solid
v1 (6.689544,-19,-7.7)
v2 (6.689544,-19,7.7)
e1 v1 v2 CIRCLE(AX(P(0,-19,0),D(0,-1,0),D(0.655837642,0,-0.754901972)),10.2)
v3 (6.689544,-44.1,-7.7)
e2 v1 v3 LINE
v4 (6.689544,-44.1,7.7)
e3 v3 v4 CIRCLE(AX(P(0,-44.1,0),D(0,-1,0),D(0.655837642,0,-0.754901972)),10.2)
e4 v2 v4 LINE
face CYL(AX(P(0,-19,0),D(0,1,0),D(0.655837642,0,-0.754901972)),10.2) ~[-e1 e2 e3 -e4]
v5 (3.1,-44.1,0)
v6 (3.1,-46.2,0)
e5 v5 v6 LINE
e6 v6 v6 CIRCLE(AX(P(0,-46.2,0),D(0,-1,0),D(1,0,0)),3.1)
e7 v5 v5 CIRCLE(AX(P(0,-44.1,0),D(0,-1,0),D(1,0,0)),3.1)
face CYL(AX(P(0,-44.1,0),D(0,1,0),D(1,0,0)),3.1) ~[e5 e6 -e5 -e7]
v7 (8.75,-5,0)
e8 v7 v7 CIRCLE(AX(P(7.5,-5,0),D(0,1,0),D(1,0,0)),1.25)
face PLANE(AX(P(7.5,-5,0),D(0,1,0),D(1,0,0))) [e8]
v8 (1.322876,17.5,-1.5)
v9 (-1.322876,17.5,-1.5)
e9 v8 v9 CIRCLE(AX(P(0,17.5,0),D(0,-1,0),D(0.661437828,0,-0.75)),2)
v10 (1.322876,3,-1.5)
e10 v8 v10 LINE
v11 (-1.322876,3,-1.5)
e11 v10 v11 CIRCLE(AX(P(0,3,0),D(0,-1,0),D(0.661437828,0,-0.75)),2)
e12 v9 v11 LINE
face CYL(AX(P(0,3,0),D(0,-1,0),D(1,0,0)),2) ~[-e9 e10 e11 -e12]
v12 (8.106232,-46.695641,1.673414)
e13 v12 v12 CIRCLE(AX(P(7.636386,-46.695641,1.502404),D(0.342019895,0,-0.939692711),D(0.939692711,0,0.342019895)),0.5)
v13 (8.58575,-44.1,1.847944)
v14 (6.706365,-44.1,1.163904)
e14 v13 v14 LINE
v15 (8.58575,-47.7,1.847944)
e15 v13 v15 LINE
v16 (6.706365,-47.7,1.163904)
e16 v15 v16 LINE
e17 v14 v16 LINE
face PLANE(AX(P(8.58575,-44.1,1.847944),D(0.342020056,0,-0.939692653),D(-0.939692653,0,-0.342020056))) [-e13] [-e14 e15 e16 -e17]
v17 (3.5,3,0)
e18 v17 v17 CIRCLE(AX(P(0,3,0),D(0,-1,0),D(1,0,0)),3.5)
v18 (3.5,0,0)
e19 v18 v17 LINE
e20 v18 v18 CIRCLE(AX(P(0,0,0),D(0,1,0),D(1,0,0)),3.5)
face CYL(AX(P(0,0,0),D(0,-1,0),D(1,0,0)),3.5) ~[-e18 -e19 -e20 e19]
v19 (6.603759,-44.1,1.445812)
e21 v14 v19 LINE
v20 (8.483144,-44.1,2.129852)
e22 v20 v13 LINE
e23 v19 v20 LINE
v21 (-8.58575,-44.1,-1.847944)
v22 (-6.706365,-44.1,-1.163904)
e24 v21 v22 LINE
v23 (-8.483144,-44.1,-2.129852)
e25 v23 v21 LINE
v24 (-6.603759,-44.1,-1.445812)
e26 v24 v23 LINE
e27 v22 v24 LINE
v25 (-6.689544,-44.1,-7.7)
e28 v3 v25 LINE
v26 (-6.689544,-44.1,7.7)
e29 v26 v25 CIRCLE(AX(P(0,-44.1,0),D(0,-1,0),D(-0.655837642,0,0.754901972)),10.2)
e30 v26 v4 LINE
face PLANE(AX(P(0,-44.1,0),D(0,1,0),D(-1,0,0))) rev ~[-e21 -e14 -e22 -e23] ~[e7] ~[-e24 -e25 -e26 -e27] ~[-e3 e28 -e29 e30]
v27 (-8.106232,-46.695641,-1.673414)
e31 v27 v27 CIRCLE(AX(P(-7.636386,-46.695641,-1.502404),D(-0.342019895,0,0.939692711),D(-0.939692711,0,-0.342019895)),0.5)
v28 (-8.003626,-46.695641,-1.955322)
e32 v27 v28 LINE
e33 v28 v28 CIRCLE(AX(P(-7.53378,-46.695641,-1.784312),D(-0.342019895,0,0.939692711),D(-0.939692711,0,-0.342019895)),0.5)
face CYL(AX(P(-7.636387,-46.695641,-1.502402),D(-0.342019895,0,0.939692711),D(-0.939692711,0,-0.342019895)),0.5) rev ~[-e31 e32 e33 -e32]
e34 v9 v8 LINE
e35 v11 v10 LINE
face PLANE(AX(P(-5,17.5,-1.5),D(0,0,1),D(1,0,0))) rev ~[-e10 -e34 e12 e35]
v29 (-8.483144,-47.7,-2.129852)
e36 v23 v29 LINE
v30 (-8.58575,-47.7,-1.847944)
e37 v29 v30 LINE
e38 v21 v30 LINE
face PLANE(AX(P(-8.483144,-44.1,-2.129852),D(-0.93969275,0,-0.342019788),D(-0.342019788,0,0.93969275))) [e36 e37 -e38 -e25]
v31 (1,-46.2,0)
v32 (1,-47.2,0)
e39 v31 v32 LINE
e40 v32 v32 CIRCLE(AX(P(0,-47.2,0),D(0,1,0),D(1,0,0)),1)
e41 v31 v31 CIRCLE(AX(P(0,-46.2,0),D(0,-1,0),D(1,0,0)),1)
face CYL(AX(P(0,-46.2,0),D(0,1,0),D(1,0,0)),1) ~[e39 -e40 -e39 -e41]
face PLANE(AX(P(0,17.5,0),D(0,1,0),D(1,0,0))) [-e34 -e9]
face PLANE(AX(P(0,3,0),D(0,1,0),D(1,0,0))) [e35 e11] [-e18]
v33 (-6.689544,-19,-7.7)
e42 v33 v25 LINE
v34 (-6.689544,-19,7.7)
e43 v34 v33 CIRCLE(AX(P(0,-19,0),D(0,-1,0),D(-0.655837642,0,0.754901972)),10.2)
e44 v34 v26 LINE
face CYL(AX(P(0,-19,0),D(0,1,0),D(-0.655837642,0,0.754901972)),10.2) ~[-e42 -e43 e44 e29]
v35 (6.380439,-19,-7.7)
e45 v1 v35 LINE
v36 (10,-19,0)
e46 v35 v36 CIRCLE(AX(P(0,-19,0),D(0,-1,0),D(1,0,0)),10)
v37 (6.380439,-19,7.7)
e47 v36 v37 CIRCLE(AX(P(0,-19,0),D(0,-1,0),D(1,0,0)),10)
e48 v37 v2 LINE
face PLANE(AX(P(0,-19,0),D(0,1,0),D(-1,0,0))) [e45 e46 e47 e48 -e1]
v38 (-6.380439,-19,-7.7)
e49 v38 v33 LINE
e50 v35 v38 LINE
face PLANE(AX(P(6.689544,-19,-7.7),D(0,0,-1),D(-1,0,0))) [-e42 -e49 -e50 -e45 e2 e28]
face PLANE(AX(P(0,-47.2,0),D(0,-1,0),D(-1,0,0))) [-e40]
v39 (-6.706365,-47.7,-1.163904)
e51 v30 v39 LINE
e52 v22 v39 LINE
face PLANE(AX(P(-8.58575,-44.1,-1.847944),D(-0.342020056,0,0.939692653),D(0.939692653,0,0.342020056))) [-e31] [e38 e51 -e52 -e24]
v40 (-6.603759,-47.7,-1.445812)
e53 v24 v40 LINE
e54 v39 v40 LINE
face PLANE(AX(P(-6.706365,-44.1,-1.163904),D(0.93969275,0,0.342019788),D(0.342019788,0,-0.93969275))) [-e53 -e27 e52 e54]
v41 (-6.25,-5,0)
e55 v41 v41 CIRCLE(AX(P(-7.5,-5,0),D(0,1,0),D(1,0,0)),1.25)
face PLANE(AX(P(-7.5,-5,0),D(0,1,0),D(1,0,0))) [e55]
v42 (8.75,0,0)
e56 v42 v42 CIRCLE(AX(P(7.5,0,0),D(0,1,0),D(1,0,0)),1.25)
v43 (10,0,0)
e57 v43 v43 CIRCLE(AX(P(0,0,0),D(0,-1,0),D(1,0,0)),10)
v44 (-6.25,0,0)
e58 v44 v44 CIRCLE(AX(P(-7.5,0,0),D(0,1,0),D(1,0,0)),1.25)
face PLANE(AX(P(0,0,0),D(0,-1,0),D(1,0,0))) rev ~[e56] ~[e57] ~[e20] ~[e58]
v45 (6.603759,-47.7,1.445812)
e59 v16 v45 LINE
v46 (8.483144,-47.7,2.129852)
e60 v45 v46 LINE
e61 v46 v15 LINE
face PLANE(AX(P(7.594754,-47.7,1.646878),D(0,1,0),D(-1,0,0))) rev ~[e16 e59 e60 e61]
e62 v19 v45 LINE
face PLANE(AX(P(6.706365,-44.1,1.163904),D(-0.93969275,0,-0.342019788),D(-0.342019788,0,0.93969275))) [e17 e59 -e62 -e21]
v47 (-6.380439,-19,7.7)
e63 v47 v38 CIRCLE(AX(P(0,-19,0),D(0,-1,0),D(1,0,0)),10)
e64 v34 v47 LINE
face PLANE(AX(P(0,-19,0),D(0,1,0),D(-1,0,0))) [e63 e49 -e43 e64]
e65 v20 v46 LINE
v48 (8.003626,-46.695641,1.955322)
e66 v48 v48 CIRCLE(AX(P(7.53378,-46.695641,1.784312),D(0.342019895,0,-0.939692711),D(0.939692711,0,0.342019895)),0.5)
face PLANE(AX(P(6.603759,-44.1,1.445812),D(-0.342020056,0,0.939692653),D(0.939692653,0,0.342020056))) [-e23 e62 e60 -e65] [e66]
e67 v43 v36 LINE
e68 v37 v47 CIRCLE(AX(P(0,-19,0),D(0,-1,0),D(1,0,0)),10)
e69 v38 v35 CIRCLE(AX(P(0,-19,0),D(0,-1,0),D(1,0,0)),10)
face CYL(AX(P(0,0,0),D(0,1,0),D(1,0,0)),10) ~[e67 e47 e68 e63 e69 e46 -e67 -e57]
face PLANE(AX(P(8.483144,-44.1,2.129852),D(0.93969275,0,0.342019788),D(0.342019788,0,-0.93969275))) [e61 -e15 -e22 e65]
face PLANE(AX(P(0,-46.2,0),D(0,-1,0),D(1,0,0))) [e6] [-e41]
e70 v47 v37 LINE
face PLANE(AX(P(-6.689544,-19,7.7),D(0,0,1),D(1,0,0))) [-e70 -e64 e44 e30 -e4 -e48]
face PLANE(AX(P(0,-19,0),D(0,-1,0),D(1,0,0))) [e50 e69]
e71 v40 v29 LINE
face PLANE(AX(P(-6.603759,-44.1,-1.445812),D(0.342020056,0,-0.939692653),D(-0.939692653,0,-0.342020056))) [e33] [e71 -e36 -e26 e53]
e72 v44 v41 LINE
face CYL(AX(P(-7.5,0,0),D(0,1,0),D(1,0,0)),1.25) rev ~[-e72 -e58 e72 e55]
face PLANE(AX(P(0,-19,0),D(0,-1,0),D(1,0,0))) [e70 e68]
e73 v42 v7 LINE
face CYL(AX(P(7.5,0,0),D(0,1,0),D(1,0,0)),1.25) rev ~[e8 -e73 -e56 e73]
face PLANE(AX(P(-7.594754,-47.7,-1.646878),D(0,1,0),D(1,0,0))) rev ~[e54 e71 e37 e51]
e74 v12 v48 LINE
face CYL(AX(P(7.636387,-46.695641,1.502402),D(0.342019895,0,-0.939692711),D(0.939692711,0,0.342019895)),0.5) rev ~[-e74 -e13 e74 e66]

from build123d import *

# Parameters (mm, degrees)
SKETCH_R                 = 10
PAD_DEPTH                = 19
SKETCH001_R              = 3.5
PAD001_DEPTH             = 3
SKETCH002_R              = 2
PAD002_DEPTH             = 14.5
SKETCH003_W              = 10
SKETCH003_H              = 5
POCKET_DEPTH             = 14.5
PAD003_DEPTH             = 25.1
SKETCH005_R              = 3.1
PAD004_DEPTH             = 2.1
SKETCH006_R              = 1
PAD005_DEPTH             = 6
PAD006_DEPTH             = 3.6
SKETCH009_R              = 0.5
POCKET001_DEPTH          = 5
POLARPATTERN_COUNT       = 2
POLARPATTERN001_COUNT    = 2
POLARPATTERN001_FACE35_R = 1
POCKET002_DEPTH          = 5
SKETCH010_R              = 1.25
POCKET003_DEPTH          = 5


with BuildPart() as part:
    # Sketch → Pad (new body)
    with BuildSketch(Plane.XZ):
        Circle(SKETCH_R)
    extrude(amount=PAD_DEPTH)

    # Sketch001 (on Face2 of Pad) → Pad001 (join)
    with BuildSketch(Plane(origin=(0, 0, 0), x_dir=(1, 0, 0), z_dir=(0, 1, 0))):
        Circle(SKETCH001_R)
    extrude(amount=PAD001_DEPTH)

    # Sketch002 (on Face5 of Pad001) → Pad002 (join)
    with BuildSketch(Plane(origin=(0, 3, 0), x_dir=(1, 0, 0), z_dir=(0, 1, 0))):
        Circle(SKETCH002_R)
    extrude(amount=PAD002_DEPTH)

    # Sketch003 (on Face7 of Pad002) → Pocket (cut)
    with BuildSketch(Plane(origin=(0, 17.5, 0), x_dir=(1, 0, 0), z_dir=(0, 1, 0))):
        with Locations((0, 4)):
            Rectangle(SKETCH003_W, SKETCH003_H)
    extrude(amount=-POCKET_DEPTH, mode=Mode.SUBTRACT)

    # Sketch004 (on Face3 of Pocket) → Pad003 (join)
    with BuildSketch(Plane.XZ.offset(19)):
        with BuildLine():
            Line((-6.689544, 7.7), (6.689544, 7.7))
            ThreePointArc((6.689544, -7.7), (10.2, 0), (6.689544, 7.7))
            Line((6.689544, -7.7), (-6.689544, -7.7))
            ThreePointArc((-6.689544, 7.7), (-10.2, 0), (-6.689544, -7.7))
        make_face()
    extrude(amount=PAD003_DEPTH)

    # Sketch005 (on Face14 of Pad003) → Pad004 (join)
    with BuildSketch(Plane.XZ.offset(44.1)):
        Circle(SKETCH005_R)
    extrude(amount=PAD004_DEPTH)

    # Sketch006 (on Face21 of Pad004) → Pad005 (join)
    with BuildSketch(Plane.XZ.offset(46.2)):
        Circle(SKETCH006_R)
    extrude(amount=PAD005_DEPTH)

    # Sketch008 (on Face14 of Pad005) → Pad006 (join)
    with BuildSketch(Plane.XZ.offset(44.1)):
        Polygon((6.603759, 1.445812), (8.483144, 2.129852), (8.58575, 1.847944), (6.706365, 1.163904), align=None)
    pad006 = extrude(amount=PAD006_DEPTH)

    # Sketch009 (on Face21 of Pad006) → Pocket001 (cut)
    with BuildSketch(Plane(origin=(0.410424, 0, -1.127631), x_dir=(0.939693, 0, 0.34202), z_dir=(0.34202, 0, -0.939693))):
        with Locations((7.689708, 46.695641)):
            Circle(SKETCH009_R)
    pocket001 = extrude(amount=-POCKET001_DEPTH, mode=Mode.SUBTRACT)

    # PolarPattern: Pad006 ×2 about axis
    polarpattern_axis = Axis((0, -44.1, 0), (0, -1, 0))
    for i in range(1, POLARPATTERN_COUNT):
        add(pad006.rotate(polarpattern_axis, i * 360 / POLARPATTERN_COUNT))

    # PolarPattern001: Pocket001 ×2 about axis
    polarpattern001_axis = Axis((0, 0, 0), (0, 1, 0))
    for i in range(1, POLARPATTERN001_COUNT):
        add(pocket001.rotate(polarpattern001_axis, i * 360 / POLARPATTERN001_COUNT), mode=Mode.SUBTRACT)

    # PolarPattern001 Face35 → Pocket002 (cut)
    with BuildSketch(Plane(origin=(0, -52.2, 0), x_dir=(-1, 0, 0), z_dir=(0, -1, 0))):
        Circle(POLARPATTERN001_FACE35_R)
    extrude(amount=-POCKET002_DEPTH, mode=Mode.SUBTRACT)

    # Sketch010 (on Face2 of Pocket002) → Pocket003 (cut)
    with BuildSketch(Plane(origin=(0, 0, 0), x_dir=(1, 0, 0), z_dir=(0, 1, 0))):
        with Locations((-7.5, 0)):
            Circle(SKETCH010_R)
        with Locations((7.5, 0)):
            Circle(SKETCH010_R)
    extrude(amount=-POCKET003_DEPTH, mode=Mode.SUBTRACT)


solid = part.part
